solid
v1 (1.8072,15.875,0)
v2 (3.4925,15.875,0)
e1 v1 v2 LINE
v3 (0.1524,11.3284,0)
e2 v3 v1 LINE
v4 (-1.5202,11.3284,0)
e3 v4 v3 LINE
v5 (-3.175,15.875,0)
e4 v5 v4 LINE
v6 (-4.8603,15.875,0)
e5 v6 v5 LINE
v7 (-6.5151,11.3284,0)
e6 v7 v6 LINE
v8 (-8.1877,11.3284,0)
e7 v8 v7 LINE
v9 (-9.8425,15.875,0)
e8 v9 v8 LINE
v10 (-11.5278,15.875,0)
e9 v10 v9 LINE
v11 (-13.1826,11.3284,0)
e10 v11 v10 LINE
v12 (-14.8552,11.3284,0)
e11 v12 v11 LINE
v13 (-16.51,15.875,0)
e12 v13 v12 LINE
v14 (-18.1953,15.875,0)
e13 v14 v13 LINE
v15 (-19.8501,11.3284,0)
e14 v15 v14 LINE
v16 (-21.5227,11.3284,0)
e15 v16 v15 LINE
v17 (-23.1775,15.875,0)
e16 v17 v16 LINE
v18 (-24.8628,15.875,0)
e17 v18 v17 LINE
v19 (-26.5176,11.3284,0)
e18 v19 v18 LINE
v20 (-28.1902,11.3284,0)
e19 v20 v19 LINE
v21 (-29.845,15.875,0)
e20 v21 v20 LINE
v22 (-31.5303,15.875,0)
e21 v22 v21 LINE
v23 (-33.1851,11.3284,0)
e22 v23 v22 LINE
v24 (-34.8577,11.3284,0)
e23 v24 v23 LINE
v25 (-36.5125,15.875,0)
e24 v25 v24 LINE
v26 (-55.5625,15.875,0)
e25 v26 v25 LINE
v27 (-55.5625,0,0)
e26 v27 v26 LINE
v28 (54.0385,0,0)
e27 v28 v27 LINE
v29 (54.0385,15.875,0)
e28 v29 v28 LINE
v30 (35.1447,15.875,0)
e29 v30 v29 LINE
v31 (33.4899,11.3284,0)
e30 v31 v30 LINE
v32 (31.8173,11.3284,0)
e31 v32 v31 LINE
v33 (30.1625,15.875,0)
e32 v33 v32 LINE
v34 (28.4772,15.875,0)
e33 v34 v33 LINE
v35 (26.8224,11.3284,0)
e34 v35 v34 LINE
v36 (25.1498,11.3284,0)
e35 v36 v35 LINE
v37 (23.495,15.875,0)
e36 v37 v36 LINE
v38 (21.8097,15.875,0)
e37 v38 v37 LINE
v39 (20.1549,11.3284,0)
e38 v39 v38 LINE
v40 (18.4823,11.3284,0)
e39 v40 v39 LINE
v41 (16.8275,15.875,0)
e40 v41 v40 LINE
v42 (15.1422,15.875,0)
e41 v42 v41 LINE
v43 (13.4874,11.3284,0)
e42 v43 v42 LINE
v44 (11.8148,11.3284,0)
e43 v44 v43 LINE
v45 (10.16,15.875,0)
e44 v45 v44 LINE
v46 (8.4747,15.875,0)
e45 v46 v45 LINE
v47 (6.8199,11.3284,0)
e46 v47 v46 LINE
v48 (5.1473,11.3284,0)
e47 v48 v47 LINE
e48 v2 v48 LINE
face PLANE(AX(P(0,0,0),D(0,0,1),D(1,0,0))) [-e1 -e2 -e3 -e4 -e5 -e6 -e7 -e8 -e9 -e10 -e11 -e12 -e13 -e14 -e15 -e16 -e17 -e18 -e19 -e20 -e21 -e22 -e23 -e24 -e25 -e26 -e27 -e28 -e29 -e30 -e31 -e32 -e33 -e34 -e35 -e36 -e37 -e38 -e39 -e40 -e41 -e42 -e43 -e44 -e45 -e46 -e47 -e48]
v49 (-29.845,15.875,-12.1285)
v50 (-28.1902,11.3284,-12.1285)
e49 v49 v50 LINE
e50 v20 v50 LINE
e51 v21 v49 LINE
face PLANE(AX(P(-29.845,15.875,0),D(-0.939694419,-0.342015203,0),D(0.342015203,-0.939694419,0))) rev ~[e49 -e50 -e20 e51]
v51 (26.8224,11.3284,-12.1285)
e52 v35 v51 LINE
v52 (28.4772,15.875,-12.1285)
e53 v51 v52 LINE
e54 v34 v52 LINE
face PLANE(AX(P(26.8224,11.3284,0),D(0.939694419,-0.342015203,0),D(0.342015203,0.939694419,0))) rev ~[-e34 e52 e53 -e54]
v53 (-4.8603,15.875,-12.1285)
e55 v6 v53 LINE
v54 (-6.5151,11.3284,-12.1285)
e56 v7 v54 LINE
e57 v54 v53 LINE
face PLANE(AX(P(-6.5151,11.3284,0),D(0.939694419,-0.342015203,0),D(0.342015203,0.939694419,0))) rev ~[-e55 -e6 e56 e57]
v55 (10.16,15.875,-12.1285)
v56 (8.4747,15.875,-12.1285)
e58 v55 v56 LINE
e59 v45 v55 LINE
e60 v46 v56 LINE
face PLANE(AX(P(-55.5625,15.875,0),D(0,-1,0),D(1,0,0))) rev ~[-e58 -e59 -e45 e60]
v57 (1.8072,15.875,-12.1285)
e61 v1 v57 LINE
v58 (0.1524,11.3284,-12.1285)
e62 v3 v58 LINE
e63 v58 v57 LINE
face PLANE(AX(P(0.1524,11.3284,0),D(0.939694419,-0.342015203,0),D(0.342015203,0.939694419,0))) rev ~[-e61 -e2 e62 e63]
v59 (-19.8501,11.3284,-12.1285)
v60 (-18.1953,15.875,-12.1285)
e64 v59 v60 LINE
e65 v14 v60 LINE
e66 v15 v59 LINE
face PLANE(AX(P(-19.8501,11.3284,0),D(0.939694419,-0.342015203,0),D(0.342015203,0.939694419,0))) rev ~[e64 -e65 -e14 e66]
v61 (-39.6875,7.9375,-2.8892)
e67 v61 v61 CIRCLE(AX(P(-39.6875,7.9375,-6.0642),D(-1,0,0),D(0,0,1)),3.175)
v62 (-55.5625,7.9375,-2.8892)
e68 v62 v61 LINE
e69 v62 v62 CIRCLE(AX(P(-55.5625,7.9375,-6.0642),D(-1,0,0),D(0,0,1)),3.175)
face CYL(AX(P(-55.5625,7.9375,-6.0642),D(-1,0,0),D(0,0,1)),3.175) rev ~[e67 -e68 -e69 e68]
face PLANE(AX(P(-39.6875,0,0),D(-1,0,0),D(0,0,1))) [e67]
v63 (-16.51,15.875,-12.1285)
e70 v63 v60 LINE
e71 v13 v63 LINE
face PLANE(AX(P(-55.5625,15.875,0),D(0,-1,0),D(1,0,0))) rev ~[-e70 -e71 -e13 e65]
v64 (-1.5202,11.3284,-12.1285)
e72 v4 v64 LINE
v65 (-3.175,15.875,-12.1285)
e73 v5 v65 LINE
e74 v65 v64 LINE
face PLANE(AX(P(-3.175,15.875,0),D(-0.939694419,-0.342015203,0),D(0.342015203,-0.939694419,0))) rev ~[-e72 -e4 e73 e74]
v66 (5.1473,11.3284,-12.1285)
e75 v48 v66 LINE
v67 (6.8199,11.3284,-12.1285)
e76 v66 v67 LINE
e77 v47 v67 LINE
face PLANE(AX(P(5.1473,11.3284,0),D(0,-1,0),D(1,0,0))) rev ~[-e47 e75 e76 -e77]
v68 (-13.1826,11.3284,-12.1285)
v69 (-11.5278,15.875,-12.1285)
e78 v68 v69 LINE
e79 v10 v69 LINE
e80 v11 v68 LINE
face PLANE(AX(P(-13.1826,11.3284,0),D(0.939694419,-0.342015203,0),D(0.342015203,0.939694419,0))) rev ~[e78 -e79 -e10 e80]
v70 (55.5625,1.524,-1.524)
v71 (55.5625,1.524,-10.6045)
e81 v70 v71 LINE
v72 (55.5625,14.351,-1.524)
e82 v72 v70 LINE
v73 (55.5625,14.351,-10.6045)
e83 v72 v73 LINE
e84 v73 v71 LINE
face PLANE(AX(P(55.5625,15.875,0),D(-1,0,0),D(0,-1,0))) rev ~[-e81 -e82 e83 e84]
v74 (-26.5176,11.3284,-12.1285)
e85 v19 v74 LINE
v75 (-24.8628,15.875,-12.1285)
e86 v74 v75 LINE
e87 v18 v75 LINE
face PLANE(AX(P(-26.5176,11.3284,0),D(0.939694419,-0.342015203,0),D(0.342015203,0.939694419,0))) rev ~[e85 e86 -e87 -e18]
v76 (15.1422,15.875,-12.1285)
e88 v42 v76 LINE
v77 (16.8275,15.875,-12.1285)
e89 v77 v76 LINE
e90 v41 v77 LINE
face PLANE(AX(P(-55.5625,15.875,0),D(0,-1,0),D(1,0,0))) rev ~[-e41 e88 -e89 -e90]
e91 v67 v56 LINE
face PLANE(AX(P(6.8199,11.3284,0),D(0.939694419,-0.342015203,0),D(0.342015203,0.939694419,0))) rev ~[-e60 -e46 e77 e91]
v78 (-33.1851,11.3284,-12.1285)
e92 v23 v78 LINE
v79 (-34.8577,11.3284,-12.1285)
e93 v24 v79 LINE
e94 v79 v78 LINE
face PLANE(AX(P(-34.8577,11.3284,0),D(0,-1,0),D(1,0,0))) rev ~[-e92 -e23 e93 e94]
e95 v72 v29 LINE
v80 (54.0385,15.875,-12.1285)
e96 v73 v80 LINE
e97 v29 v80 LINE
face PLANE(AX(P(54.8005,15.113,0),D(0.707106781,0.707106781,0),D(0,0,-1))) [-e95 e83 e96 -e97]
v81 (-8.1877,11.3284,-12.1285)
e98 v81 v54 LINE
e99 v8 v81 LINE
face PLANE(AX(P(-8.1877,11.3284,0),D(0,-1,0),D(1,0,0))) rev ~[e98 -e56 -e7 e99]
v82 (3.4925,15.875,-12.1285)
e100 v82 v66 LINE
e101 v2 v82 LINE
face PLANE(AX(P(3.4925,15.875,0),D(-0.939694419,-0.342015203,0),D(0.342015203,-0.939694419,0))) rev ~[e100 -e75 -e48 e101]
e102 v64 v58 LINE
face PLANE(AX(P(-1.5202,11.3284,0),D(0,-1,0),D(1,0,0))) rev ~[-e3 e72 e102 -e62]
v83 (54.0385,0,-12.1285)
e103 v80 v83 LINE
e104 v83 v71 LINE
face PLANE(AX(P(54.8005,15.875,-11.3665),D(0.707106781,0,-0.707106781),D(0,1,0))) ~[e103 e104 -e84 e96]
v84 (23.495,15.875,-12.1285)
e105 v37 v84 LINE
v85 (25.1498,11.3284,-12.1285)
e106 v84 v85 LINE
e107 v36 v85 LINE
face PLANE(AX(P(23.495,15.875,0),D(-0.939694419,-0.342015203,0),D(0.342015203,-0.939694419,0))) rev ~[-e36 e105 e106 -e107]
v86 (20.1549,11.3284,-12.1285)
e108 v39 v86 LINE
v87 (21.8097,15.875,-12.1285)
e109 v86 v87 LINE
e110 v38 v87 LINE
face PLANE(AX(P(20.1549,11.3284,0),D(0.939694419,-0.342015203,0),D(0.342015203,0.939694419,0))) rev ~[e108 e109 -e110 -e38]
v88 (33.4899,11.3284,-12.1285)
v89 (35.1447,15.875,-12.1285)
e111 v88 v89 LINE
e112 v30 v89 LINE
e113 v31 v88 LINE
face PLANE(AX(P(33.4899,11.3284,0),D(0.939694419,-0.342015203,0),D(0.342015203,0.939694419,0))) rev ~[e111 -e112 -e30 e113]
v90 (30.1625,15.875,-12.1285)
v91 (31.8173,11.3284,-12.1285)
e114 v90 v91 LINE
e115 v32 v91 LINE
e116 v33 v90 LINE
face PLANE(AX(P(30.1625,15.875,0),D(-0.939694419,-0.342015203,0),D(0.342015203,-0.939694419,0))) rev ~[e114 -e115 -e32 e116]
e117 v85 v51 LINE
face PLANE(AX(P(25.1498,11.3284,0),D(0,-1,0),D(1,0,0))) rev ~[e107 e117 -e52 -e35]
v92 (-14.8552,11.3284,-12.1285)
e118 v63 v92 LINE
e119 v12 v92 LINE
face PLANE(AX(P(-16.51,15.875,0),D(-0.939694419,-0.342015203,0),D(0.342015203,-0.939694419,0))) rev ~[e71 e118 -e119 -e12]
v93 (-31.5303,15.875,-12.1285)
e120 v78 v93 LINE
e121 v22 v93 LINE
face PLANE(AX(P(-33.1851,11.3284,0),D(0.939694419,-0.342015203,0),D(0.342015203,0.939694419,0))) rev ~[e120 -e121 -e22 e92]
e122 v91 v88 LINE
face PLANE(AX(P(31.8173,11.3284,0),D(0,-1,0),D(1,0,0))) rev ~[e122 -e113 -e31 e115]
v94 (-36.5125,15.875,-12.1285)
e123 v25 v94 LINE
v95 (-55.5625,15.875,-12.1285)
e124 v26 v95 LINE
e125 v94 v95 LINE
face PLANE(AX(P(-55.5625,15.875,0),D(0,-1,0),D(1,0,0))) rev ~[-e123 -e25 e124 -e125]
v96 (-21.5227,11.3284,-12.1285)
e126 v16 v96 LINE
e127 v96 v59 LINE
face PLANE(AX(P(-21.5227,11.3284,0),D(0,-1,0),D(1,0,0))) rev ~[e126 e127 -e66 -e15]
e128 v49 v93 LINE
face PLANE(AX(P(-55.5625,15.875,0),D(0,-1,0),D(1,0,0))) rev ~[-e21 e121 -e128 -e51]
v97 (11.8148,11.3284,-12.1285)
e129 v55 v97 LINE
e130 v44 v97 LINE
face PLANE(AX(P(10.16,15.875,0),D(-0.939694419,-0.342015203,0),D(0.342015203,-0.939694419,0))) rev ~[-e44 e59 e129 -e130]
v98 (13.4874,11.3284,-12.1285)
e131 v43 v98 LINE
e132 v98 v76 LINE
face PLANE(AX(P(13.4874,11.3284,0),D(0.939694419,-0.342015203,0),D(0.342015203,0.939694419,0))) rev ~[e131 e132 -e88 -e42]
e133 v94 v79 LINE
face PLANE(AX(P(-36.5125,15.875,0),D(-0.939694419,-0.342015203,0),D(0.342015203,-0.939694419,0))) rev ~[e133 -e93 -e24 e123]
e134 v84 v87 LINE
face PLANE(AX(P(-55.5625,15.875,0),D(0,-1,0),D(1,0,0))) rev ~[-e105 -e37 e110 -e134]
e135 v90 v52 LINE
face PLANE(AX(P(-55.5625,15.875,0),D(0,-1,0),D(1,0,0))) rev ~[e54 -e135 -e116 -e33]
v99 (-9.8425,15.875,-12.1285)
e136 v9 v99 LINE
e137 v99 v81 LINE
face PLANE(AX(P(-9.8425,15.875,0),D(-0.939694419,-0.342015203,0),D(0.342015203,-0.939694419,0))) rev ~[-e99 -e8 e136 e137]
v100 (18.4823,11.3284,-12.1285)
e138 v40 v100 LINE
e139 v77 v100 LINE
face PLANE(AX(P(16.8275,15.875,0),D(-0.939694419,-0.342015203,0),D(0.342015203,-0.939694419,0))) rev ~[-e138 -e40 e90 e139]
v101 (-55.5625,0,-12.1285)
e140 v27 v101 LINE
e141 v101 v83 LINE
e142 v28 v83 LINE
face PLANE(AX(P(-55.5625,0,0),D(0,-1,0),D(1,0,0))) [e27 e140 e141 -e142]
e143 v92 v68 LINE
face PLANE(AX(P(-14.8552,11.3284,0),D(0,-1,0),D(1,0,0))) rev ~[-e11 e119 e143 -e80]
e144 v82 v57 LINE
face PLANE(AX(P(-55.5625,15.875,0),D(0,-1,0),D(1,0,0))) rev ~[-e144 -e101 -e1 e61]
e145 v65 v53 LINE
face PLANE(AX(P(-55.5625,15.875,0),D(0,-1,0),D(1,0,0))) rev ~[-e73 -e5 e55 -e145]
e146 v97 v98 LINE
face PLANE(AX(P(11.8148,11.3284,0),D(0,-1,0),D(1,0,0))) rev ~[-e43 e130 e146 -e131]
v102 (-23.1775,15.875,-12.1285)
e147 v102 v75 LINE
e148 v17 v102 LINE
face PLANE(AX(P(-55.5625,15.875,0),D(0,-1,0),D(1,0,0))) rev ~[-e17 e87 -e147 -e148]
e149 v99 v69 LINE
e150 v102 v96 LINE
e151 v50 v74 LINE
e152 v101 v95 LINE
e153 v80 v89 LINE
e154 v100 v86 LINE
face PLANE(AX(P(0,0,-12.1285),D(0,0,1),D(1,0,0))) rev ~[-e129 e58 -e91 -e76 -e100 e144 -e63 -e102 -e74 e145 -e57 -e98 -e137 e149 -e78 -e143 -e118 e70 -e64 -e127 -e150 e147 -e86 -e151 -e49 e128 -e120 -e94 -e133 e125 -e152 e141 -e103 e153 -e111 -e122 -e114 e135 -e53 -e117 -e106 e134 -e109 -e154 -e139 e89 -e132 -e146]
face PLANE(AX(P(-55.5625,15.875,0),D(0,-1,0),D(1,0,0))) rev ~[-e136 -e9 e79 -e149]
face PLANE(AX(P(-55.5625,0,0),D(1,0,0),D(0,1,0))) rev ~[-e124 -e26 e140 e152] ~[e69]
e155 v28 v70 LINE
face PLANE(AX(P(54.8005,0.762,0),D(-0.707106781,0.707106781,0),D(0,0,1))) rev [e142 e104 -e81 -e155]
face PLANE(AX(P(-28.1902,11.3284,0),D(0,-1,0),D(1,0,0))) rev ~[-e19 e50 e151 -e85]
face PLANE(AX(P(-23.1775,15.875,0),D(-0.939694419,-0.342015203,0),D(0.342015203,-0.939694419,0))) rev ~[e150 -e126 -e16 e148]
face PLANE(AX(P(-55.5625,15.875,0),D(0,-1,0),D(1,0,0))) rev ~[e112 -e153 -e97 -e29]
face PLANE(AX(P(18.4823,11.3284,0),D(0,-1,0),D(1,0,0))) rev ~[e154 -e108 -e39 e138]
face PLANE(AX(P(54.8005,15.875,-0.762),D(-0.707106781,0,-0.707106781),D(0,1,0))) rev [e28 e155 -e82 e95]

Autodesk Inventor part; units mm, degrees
ref_plane "YZ Plane" through (0, 0, 0) normal (1, 0, 0) x (0, 1, 0)
ref_plane "XZ Plane" through (0, 0, 0) normal (0, 1, 0) x (-1, 0, 0)
ref_plane "XY Plane" through (0, 0, 0) normal (0, 0, 1) x (1, 0, 0)
sketch "Sketch1" plane through (0, 0, 0) normal (0, 0, 1) x (1, 0, 0)
  line L0 (-77.7875, 0) -> (77.7875, 0) projected
  line L1 (0, -3.175) -> (0, 19.05) projected
  line L2 (-55.5625, 0) -> (55.5625, 0)
  line L3 (-55.5625, 0) -> (-55.5625, 15.875)
  line L4 (-55.5625, 15.875) -> (55.5625, 15.875)
  line L5 (55.5625, 15.875) -> (55.5625, 0)
  point P0 (0, 0)
  point P1 (0, 0)
  dimension "d0" = 111.125
  dimension "d1" = 15.875
extrude "Extrusion1" add sketch "Sketch1" against normal blind 12.1285
sketch "Sketch2" plane through (0, 0, 0) normal (0, 0, 1) x (1, 0, 0)
  line L0 (-55.5625, 15.875) -> (55.5625, 15.875) projected
  line L1 (-55.5625, 15.875) -> (-36.5125, 15.875)
  line L2 (-36.5125, 15.875) -> (-34.8577, 11.3284)
  line L3 (-34.8577, 11.3284) -> (-33.1851, 11.3284)
  line L4 (-33.1851, 11.3284) -> (-31.5303, 15.875)
  line L5 (-31.5303, 15.875) -> (-29.8577, 15.875)
  line L6 (55.5625, 15.875) -> (-55.5625, 15.875) construction
  line L7 (-55.5625, 15.875) -> (-55.5625, 0) projected
  line L8 (55.5625, 15.875) -> (36.5125, 15.875)
  line L9 (-29.845, 15.875) -> (-28.1902, 11.3284)
  line L10 (-28.1902, 11.3284) -> (-26.5176, 11.3284)
  line L11 (-26.5176, 11.3284) -> (-24.8628, 15.875)
  line L12 (-24.8628, 15.875) -> (-23.1902, 15.875)
  line L13 (-23.1775, 15.875) -> (-21.5227, 11.3284)
  line L14 (-21.5227, 11.3284) -> (-19.8501, 11.3284)
  line L15 (-19.8501, 11.3284) -> (-18.1953, 15.875)
  line L16 (-18.1953, 15.875) -> (-16.5227, 15.875)
  line L17 (-16.51, 15.875) -> (-14.8552, 11.3284)
  line L18 (-14.8552, 11.3284) -> (-13.1826, 11.3284)
  line L19 (-13.1826, 11.3284) -> (-11.5278, 15.875)
  line L20 (-11.5278, 15.875) -> (-9.8552, 15.875)
  line L21 (-9.8425, 15.875) -> (-8.1877, 11.3284)
  line L22 (-8.1877, 11.3284) -> (-6.5151, 11.3284)
  line L23 (-6.5151, 11.3284) -> (-4.8603, 15.875)
  line L24 (-4.8603, 15.875) -> (-3.1877, 15.875)
  line L25 (-3.175, 15.875) -> (-1.5202, 11.3284)
  line L26 (-1.5202, 11.3284) -> (0.1524, 11.3284)
  line L27 (0.1524, 11.3284) -> (1.8072, 15.875)
  line L28 (1.8072, 15.875) -> (3.4798, 15.875)
  line L29 (3.4925, 15.875) -> (5.1473, 11.3284)
  line L30 (5.1473, 11.3284) -> (6.8199, 11.3284)
  line L31 (6.8199, 11.3284) -> (8.4747, 15.875)
  line L32 (8.4747, 15.875) -> (10.1473, 15.875)
  line L33 (10.16, 15.875) -> (11.8148, 11.3284)
  line L34 (11.8148, 11.3284) -> (13.4874, 11.3284)
  line L35 (13.4874, 11.3284) -> (15.1422, 15.875)
  line L36 (15.1422, 15.875) -> (16.8148, 15.875)
  line L37 (16.8275, 15.875) -> (18.4823, 11.3284)
  line L38 (18.4823, 11.3284) -> (20.1549, 11.3284)
  line L39 (20.1549, 11.3284) -> (21.8097, 15.875)
  line L40 (21.8097, 15.875) -> (23.4823, 15.875)
  line L41 (23.495, 15.875) -> (25.1498, 11.3284)
  line L42 (25.1498, 11.3284) -> (26.8224, 11.3284)
  line L43 (26.8224, 11.3284) -> (28.4772, 15.875)
  line L44 (28.4772, 15.875) -> (30.1498, 15.875)
  line L45 (30.1625, 15.875) -> (31.8173, 11.3284)
  line L46 (31.8173, 11.3284) -> (33.4899, 11.3284)
  line L47 (33.4899, 11.3284) -> (35.1447, 15.875)
  line L48 (35.1447, 15.875) -> (36.8173, 15.875)
  point P0 (0, 0)
  point P1 (-35.6851, 13.6017)
  point P2 (-32.3577, 13.6017)
  point P3 (-29.0176, 13.6017)
  point P4 (-25.6902, 13.6017)
  point P5 (-22.3501, 13.6017)
  point P6 (-19.0227, 13.6017)
  point P7 (-15.6826, 13.6017)
  point P8 (-12.3552, 13.6017)
  point P9 (-9.0151, 13.6017)
  point P10 (-5.6877, 13.6017)
  point P11 (-2.3476, 13.6017)
  point P12 (0.9798, 13.6017)
  point P13 (4.3199, 13.6017)
  point P14 (7.6473, 13.6017)
  point P15 (10.9874, 13.6017)
  point P16 (14.3148, 13.6017)
  point P17 (17.6549, 13.6017)
  point P18 (20.9823, 13.6017)
  point P19 (24.3224, 13.6017)
  point P20 (27.6498, 13.6017)
  point P21 (30.9899, 13.6017)
  point P22 (34.3173, 13.6017)
  dimension "d4" = 19.05
  dimension "d5" = 6.6548
  dimension "d6" = 20
  dimension "d7" = 4.5466
  dimension "d12" = 6.6675
extrude "Extrusion2" cut sketch "Sketch2" against normal through all
sketch "Sketch3" plane through (-55.5625, 0, 0) normal (-1, 0, 0) x (0, 0, 1)
  circle A0 centre (-6.0642, 7.9375) radius 3.175
  line L0 (-12.1285, 0) -> (-12.1285, 15.875) projected
  line L1 (0, 15.875) -> (-12.1285, 15.875) projected
  point P0 (0, 0)
  point P1 (-12.1285, 7.9375)
  point P2 (-6.0642, 15.875)
  dimension "d19" = 6.35
extrude "Extrusion3" cut sketch "Sketch3" against normal blind 15.875
chamfer "Chamfer1" distance 1.524 angle 45 4 edges at (55.5625, 15.875, -6.0642) (55.5625, 7.9375, 0) (55.5625, 0, -6.0642) (55.5625, 7.9375, -12.1285)
properties part number "Ch7(5) Part 11 Rack"
